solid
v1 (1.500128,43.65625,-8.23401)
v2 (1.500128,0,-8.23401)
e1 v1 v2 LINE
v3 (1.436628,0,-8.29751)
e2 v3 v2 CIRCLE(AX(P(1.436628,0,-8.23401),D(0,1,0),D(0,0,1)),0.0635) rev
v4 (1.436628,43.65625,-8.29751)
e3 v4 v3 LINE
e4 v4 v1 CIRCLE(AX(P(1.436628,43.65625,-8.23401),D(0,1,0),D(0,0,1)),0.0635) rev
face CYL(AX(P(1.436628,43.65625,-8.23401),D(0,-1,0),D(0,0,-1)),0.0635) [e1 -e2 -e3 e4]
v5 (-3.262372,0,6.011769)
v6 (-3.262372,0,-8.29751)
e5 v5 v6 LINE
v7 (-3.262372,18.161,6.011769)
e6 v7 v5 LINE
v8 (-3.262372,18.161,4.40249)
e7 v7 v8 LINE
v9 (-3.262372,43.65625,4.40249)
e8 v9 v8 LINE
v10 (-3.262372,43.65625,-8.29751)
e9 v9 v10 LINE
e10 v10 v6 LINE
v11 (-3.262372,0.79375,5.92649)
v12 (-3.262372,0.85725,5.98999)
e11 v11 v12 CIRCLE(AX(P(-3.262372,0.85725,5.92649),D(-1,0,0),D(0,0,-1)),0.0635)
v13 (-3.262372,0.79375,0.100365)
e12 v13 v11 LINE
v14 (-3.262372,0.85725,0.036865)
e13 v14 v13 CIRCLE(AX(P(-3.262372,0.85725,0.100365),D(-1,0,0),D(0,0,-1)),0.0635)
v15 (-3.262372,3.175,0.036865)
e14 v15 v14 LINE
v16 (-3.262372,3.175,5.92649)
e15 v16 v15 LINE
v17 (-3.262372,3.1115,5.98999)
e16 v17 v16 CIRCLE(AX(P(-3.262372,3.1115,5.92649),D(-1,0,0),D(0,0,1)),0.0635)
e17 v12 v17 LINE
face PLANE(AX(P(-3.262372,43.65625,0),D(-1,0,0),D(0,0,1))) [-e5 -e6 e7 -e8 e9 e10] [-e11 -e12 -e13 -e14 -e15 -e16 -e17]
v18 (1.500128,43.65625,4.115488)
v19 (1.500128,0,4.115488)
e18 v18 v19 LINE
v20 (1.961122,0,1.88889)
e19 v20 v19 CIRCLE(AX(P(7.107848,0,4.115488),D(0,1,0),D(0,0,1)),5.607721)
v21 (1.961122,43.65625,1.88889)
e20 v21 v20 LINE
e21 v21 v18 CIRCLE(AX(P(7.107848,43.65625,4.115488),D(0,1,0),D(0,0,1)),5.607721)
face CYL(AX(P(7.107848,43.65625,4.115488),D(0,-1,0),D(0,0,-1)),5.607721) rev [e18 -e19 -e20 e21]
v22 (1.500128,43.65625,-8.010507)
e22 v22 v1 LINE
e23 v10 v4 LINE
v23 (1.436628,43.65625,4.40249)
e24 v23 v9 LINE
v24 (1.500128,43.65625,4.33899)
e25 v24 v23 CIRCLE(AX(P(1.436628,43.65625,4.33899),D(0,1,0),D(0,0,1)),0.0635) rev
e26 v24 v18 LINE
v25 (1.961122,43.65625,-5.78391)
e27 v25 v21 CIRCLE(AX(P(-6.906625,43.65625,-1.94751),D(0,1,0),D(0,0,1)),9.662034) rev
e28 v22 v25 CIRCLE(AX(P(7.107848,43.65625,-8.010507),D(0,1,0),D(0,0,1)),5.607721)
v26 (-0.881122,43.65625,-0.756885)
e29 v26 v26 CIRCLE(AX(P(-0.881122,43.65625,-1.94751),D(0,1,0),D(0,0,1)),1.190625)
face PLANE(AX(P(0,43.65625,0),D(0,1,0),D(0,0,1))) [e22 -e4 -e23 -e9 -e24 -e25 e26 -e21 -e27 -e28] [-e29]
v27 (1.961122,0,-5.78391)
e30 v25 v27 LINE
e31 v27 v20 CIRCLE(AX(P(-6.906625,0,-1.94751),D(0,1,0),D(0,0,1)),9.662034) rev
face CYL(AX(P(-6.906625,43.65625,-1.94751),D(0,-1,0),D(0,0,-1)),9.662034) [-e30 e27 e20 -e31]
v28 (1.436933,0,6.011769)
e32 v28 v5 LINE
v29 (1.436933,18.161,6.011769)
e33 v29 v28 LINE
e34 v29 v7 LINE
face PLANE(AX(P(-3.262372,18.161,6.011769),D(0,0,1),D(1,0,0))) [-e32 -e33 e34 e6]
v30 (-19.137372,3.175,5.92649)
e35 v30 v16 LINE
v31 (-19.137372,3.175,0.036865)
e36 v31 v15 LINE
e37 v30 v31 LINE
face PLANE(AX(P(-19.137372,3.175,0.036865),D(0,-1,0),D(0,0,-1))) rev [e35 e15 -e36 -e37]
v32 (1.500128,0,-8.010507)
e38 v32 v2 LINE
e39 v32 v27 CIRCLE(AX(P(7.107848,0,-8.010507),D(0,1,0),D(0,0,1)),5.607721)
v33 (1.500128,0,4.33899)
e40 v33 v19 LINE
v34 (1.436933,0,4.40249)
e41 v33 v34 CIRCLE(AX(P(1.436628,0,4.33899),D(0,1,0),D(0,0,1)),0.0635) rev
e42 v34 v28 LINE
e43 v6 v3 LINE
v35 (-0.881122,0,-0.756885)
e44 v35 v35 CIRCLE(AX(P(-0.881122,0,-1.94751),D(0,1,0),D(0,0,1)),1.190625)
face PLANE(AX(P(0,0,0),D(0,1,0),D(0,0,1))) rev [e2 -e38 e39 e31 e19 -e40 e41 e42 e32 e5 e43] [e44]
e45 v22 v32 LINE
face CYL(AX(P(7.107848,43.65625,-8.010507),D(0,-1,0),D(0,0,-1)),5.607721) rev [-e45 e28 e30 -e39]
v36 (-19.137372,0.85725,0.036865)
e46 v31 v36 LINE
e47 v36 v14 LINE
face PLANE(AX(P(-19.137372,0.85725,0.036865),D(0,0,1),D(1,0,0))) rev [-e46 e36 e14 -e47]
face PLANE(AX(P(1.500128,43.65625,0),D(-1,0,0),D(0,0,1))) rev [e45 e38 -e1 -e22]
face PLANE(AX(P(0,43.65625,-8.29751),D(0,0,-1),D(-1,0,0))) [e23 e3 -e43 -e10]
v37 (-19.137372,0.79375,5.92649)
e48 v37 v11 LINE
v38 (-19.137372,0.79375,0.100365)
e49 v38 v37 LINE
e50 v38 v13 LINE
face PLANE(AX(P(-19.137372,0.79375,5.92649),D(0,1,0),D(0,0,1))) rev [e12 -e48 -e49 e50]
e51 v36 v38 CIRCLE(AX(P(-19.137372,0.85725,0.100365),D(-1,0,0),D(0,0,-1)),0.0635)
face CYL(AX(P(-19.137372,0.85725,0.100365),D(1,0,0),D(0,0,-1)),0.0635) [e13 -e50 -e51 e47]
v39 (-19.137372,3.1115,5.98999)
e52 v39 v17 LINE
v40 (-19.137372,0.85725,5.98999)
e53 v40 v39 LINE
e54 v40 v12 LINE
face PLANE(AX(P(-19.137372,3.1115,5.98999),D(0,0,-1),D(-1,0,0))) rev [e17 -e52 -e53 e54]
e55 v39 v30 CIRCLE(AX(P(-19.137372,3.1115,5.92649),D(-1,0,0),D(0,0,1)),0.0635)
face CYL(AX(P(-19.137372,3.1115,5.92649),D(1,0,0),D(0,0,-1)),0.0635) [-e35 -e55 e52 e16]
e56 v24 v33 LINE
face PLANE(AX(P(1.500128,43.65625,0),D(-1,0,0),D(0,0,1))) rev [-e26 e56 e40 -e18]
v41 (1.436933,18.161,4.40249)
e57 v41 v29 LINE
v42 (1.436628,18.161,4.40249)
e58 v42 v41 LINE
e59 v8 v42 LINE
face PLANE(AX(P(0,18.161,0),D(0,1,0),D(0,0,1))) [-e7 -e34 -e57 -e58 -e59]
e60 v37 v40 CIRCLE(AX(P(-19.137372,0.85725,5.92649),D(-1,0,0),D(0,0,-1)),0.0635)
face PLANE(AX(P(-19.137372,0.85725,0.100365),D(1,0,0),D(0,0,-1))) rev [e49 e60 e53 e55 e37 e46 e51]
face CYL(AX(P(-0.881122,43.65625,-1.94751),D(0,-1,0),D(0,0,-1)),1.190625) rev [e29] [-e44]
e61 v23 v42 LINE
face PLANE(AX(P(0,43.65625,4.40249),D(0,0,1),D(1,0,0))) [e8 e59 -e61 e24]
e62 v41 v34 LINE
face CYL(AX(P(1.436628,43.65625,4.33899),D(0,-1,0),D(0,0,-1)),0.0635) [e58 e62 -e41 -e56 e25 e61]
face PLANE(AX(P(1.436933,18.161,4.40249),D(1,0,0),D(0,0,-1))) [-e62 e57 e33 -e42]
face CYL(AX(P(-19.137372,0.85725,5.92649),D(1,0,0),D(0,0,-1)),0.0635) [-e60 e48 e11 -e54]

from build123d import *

# Parameters (mm, degrees)
SKETCH1_R           = 1.190625
BOSS_EXTRUDE4_DEPTH = 43.65625
BOSS_EXTRUDE5_DEPTH = 15.875
SKETCH7_W           = 4.699305321
SKETCH7_H           = 1.609279132
BOSS_EXTRUDE6_DEPTH = 18.161


with BuildPart() as part:
    # Sketch1 → Boss-Extrude4 (new body)
    with BuildSketch(Plane(origin=(0, 0, 0), x_dir=(1, 0, 0), z_dir=(0, 1, 0))):
        with BuildLine():
            ThreePointArc((1.961121792, 5.783909674), (1.616585512, 6.873597745), (1.500127735, 8.01050712))
            Line((1.500127735, 8.01050712), (1.500127735, 8.234009675))
            ThreePointArc((1.500127735, 8.234009675), (1.481529016, 8.278910955), (1.436627735, 8.297509675))
            Line((1.436627735, 8.297509675), (-2.865497265, 8.297509675))
            Line((-2.865497265, 8.297509675), (-3.262372265, 8.297509675))
            Line((-3.262372265, 8.297509675), (-3.262372265, 7.900634675))
            Line((-3.262372265, 7.900634675), (-3.262372265, -4.005615325))
            Line((-3.262372265, -4.005615325), (-3.262372265, -4.402490325))
            Line((-3.262372265, -4.402490325), (-2.865497265, -4.402490325))
            Line((-2.865497265, -4.402490325), (1.436627735, -4.402490325))
            ThreePointArc((1.436627735, -4.402490325), (1.481529016, -4.383891606), (1.500127735, -4.338990325))
            Line((1.500127735, -4.338990325), (1.500127735, -4.11548777))
            ThreePointArc((1.500127735, -4.11548777), (1.616585512, -2.978578396), (1.961121792, -1.888890325))
            ThreePointArc((1.961121792, -1.888890325), (2.755408878, 1.947509675), (1.961121792, 5.783909674))
        make_face()
        with Locations((-0.881122265, 1.947509675)):
            Circle(SKETCH1_R, mode=Mode.SUBTRACT)
    extrude(amount=BOSS_EXTRUDE4_DEPTH)

    # Sketch6 → Boss-Extrude5 (add)
    with BuildSketch(Plane.ZY.offset(3.262372265)):
        with BuildLine():
            Line((0.036865325, 3.175), (5.926490325, 3.175))
            ThreePointArc((5.926490325, 3.175), (5.971391606, 3.156401281), (5.989990325, 3.1115))
            Line((5.989990325, 3.1115), (5.989990325, 0.85725))
            ThreePointArc((5.989990325, 0.85725), (5.971391606, 0.812348719), (5.926490325, 0.79375))
            Line((5.926490325, 0.79375), (0.100365325, 0.79375))
            ThreePointArc((0.100365325, 0.79375), (0.055464045, 0.812348719), (0.036865325, 0.85725))
            Line((0.036865325, 0.85725), (0.036865325, 3.175))
        make_face()
    extrude(amount=BOSS_EXTRUDE5_DEPTH)

    # Sketch7 → Boss-Extrude6 (add)
    with BuildSketch(Plane.XZ):
        with Locations((-0.912719605, 5.207129891)):
            Rectangle(SKETCH7_W, SKETCH7_H)
    extrude(amount=-BOSS_EXTRUDE6_DEPTH)


solid = part.part
